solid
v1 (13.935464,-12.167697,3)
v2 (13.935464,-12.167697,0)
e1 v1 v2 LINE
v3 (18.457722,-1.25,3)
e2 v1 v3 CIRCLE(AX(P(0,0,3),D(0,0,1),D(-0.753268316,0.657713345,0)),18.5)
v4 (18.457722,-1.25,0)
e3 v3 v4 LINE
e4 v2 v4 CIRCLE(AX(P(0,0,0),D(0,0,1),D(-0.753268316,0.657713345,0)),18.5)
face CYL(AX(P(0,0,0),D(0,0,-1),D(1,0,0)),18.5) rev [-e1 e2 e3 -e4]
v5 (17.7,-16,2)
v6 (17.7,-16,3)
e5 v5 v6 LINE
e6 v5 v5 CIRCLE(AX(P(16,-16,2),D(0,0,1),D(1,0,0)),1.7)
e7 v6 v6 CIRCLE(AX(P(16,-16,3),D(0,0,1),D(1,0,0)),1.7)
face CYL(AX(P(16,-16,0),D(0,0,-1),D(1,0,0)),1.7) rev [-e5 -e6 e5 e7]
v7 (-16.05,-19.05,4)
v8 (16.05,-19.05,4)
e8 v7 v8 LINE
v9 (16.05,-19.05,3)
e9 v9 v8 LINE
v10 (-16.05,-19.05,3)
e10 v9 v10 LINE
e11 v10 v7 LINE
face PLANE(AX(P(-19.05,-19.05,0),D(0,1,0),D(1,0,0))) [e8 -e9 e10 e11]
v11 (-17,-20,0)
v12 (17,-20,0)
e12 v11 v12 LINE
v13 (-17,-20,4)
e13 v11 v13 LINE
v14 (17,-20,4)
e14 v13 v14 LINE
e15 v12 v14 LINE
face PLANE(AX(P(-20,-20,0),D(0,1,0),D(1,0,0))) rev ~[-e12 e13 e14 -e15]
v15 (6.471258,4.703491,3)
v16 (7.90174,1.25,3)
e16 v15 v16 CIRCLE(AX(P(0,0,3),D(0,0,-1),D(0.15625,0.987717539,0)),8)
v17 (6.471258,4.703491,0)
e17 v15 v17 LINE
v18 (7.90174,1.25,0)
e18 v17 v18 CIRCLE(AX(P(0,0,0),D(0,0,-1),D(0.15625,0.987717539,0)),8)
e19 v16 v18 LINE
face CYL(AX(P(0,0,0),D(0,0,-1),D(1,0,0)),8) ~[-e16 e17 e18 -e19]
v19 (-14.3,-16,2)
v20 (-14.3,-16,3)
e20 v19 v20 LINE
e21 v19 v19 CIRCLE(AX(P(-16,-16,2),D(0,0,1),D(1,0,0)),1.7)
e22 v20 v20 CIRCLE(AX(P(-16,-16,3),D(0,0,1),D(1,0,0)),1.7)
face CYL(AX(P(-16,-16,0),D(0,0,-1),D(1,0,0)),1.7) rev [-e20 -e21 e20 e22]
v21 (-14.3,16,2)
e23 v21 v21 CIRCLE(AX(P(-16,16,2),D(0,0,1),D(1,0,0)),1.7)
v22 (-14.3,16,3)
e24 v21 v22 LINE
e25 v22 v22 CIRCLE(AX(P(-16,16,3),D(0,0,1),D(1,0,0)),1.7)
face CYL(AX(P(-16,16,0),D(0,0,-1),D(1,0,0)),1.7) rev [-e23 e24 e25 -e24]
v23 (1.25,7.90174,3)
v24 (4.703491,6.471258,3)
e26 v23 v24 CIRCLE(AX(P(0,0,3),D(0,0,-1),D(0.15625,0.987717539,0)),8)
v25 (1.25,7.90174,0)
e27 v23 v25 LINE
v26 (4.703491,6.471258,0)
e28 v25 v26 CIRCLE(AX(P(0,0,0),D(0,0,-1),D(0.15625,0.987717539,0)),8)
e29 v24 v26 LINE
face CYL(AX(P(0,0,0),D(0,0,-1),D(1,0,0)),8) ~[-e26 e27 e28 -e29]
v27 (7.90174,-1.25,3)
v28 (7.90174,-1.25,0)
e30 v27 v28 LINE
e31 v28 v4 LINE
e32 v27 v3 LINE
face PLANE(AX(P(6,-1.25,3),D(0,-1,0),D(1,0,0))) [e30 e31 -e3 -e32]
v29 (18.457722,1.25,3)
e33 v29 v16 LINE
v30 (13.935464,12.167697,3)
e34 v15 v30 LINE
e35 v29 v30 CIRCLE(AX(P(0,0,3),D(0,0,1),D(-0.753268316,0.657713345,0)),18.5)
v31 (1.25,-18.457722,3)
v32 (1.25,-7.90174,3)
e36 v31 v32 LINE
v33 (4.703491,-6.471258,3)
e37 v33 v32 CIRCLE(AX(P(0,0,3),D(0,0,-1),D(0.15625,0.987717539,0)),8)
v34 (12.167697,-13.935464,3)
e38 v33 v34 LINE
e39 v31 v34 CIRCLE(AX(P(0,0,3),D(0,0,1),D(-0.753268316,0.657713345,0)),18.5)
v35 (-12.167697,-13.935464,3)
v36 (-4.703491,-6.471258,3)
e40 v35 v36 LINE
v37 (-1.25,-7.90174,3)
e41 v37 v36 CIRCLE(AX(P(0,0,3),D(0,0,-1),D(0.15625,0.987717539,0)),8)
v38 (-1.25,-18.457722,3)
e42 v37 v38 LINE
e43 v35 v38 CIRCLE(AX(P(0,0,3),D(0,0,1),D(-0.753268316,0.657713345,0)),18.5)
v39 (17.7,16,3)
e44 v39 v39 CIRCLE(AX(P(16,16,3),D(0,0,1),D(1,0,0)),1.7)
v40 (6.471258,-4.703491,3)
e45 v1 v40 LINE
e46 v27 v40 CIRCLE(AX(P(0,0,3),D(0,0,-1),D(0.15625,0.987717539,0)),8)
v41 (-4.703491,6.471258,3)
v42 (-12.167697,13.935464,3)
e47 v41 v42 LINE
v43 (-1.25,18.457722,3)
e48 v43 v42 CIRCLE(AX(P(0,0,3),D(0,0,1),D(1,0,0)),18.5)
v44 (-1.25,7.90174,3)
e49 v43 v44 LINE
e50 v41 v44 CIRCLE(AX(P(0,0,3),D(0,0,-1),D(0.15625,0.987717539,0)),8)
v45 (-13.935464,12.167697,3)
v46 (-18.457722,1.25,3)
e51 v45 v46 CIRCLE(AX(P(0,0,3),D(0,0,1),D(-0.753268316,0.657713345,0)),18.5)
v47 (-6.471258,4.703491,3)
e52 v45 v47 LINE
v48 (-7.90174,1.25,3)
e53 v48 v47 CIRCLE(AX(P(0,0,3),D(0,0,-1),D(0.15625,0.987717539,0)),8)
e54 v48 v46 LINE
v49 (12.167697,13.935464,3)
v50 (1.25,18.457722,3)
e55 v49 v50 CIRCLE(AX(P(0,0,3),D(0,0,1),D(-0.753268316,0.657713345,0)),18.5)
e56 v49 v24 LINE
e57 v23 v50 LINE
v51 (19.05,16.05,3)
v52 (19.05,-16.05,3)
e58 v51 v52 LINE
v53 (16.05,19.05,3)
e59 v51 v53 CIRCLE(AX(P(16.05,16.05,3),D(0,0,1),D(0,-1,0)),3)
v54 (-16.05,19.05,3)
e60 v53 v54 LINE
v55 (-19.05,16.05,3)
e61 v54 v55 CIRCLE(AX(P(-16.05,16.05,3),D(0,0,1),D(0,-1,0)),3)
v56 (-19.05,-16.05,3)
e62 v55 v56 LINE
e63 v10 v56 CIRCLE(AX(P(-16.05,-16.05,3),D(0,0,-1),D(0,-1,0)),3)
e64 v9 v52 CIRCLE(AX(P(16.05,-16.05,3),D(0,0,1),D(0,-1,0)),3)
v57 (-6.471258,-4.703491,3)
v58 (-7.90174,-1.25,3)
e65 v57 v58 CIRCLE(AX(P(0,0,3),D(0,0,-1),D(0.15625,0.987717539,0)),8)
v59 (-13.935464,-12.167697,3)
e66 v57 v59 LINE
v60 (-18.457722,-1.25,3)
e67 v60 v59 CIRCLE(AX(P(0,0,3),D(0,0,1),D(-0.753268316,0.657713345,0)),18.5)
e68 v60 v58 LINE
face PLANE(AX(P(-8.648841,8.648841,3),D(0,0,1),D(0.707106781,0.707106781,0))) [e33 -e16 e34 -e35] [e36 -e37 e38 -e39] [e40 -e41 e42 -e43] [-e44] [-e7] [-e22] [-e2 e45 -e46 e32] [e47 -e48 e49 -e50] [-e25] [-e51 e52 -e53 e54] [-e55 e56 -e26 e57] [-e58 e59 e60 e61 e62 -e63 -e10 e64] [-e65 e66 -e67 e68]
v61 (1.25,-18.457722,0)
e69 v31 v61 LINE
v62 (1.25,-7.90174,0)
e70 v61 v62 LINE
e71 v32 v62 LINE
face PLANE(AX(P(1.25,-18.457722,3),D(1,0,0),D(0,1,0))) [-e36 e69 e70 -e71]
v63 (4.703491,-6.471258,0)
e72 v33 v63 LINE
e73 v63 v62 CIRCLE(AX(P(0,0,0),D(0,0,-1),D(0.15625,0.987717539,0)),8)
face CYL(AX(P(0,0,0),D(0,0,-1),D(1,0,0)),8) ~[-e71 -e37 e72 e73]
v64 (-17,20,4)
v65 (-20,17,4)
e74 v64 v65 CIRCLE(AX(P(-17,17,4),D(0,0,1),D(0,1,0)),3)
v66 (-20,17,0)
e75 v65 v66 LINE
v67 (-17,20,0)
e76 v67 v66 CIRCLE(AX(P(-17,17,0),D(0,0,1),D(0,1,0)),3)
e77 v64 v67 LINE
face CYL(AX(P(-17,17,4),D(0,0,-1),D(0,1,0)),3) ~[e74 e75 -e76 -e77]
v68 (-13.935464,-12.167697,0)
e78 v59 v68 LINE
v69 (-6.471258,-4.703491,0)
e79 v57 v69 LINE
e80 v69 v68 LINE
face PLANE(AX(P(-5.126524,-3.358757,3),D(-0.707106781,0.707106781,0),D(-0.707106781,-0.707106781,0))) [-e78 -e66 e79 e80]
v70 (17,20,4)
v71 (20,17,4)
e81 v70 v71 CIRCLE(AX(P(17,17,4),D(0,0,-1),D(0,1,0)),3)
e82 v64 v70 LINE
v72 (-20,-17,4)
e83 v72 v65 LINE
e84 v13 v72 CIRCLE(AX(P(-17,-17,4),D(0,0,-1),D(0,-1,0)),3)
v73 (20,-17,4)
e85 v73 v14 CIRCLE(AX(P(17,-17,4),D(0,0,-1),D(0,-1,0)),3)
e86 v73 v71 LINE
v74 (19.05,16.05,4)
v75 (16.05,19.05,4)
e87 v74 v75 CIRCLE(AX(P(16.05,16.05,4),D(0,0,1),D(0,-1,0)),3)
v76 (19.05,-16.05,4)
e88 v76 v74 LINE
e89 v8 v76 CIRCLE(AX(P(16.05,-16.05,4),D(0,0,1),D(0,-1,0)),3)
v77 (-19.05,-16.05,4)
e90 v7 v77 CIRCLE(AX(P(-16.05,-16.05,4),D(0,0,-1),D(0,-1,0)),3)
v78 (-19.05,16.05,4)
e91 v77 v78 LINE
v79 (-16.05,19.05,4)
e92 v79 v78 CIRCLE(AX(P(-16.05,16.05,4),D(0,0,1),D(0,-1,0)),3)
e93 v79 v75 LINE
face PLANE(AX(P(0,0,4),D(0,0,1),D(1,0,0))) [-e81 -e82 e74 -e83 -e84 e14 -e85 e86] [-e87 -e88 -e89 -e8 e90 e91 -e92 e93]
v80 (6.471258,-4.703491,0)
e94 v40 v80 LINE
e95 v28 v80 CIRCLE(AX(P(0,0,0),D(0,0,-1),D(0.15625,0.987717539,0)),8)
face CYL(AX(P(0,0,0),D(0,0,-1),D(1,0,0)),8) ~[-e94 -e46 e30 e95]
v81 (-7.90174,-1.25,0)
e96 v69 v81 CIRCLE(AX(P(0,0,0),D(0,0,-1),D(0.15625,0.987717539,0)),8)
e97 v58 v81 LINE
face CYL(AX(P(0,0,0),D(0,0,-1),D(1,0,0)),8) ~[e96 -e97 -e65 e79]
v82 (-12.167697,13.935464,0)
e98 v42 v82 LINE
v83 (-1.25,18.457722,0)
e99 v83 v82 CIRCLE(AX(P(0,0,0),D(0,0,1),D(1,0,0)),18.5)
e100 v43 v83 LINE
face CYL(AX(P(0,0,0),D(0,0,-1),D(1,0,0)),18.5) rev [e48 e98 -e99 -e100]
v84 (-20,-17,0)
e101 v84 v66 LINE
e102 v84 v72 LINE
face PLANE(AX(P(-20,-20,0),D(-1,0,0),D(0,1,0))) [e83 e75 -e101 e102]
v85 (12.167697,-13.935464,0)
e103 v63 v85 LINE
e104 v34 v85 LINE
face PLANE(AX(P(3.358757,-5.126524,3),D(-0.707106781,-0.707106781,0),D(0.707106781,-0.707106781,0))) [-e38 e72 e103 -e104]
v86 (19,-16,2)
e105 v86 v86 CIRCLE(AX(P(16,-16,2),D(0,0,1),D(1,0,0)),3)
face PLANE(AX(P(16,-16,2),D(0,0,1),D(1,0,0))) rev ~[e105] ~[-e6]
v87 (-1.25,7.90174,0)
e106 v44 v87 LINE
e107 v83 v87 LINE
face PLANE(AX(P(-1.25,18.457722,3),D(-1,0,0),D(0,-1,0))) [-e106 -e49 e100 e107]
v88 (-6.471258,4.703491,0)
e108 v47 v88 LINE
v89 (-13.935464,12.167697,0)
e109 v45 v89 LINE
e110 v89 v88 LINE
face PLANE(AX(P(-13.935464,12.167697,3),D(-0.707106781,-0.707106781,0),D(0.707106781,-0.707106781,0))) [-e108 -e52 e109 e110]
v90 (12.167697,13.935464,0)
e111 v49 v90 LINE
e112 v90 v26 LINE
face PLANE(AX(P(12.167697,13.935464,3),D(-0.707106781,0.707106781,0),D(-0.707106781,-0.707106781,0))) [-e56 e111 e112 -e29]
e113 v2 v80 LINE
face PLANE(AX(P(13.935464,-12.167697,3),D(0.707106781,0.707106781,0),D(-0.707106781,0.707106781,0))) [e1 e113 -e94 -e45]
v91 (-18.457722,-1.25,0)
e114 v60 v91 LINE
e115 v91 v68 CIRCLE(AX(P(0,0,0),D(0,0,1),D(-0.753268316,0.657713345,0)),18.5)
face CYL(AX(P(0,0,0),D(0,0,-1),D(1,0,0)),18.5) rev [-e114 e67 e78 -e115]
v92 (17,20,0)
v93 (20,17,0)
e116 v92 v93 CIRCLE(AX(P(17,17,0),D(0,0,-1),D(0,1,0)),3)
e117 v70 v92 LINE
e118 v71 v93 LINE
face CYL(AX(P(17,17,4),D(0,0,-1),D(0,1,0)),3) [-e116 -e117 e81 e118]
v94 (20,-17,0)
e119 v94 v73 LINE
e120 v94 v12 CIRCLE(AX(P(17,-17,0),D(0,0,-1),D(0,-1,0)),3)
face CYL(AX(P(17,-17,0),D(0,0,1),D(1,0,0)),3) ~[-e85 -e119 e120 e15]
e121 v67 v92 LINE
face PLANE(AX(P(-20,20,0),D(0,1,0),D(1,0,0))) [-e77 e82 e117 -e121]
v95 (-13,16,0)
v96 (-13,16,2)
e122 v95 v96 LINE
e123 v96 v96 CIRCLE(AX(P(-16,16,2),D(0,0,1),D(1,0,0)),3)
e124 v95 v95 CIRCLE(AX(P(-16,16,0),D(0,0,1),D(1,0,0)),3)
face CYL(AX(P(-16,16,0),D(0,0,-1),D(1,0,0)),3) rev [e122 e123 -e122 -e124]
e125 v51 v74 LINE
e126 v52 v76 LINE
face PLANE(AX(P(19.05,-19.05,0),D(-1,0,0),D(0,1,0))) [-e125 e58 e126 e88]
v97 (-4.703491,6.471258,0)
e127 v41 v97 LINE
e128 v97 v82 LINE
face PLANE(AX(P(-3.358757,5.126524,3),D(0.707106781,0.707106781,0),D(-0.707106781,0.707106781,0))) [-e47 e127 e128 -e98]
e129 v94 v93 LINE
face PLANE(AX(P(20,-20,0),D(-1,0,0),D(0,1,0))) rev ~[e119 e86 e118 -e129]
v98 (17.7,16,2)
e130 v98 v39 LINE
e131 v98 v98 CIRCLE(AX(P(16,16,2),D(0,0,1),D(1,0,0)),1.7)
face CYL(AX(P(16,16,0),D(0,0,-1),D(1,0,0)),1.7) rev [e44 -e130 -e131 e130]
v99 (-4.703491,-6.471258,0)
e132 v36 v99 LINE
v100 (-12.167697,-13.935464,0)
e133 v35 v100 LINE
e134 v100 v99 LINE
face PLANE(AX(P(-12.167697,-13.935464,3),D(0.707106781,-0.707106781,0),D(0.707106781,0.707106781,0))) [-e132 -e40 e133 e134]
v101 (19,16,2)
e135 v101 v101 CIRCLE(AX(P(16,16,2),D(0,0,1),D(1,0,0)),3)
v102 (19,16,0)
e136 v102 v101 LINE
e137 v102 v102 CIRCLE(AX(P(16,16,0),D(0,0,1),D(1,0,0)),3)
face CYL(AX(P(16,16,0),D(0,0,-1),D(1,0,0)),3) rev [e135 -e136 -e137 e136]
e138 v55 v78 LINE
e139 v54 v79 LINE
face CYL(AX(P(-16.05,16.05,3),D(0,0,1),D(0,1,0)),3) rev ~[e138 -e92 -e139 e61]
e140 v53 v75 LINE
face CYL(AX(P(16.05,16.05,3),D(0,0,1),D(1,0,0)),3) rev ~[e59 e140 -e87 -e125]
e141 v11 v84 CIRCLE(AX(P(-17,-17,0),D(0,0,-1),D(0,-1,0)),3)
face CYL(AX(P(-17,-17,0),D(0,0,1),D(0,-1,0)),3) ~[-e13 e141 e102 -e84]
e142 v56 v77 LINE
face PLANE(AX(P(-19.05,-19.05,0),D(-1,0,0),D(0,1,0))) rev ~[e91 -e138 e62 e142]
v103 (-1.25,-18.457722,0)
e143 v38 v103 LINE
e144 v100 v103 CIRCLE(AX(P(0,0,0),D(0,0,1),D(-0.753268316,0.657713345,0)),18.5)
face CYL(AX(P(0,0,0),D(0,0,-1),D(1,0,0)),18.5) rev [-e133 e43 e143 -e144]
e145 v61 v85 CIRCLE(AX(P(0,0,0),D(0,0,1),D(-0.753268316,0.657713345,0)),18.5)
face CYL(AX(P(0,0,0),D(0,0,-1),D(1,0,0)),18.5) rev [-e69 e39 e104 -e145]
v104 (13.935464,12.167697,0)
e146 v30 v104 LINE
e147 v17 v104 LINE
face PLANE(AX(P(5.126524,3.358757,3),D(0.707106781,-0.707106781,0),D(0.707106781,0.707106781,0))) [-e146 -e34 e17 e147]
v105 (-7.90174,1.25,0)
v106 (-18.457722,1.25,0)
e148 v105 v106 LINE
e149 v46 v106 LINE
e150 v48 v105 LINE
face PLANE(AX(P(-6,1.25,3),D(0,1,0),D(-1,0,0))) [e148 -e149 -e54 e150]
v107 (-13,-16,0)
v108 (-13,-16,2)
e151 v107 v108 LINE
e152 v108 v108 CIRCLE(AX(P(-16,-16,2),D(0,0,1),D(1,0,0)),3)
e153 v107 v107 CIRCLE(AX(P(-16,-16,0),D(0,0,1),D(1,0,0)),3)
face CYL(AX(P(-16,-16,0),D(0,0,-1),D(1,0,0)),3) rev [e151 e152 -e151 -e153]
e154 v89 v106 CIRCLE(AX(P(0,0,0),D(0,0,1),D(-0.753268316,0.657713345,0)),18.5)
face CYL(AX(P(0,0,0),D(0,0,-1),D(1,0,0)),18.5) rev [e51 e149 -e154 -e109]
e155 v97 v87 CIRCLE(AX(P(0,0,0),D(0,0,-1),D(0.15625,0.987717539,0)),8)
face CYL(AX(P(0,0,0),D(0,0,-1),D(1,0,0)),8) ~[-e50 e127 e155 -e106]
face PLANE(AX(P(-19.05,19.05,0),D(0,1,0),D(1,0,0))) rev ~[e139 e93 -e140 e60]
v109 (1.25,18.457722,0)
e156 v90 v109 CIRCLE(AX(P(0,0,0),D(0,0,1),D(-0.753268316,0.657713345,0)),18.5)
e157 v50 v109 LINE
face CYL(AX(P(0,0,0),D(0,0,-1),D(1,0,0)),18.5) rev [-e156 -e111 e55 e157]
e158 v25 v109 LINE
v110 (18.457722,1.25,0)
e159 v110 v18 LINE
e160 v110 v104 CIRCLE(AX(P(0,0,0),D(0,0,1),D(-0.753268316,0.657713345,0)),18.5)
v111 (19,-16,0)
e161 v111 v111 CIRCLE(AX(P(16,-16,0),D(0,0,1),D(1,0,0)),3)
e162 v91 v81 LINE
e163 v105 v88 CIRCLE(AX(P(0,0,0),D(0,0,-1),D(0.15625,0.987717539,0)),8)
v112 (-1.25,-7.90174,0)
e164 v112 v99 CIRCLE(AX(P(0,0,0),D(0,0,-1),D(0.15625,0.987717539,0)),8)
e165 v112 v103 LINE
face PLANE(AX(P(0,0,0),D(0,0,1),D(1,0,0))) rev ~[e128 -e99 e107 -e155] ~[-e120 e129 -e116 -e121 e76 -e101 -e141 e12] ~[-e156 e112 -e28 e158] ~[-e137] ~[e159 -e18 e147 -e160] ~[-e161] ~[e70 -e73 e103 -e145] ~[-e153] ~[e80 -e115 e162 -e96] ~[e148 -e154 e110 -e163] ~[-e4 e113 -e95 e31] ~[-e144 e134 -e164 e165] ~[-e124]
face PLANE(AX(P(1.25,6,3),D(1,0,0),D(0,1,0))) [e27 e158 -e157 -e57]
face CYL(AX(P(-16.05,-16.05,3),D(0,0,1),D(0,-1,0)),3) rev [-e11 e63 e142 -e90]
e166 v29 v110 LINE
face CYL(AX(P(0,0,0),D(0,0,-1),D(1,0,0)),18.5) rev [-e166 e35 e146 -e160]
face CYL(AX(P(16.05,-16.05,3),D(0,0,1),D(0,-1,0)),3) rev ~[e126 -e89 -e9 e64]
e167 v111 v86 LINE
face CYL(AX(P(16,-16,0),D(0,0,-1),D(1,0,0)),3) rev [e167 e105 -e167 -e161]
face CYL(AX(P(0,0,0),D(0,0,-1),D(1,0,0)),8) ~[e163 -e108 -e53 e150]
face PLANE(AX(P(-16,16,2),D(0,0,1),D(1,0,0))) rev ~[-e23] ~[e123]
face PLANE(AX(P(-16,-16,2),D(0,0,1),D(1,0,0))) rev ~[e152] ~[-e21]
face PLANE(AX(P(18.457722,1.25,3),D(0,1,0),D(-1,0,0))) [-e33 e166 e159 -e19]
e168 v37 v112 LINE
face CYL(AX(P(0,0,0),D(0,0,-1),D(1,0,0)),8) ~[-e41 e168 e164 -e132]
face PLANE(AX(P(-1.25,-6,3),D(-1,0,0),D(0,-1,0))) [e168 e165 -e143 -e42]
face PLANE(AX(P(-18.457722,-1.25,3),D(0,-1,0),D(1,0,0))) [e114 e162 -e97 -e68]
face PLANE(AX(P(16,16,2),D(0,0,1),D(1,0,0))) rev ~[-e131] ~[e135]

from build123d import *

# Parameters (mm, degrees)
F0_W     = 40
F0_H     = 40
F0_W_2   = 38.1
F0_H_2   = 38.1
F0_R     = 3
F0_R_2   = 18.5
F0_R_3   = 1.7
F1_DEPTH = 3
F0_R_4   = 8
F3_DEPTH = 3
F5_COUNT = 8
F6_DEPTH = 2
F7_DEPTH = 4
F8_R     = 3
F9_R     = 3


with BuildPart() as f1:
    # F0 (on Top) → F1 (new body)
    with BuildSketch(Plane.XY):
        Rectangle(F0_W, F0_H)
        Rectangle(F0_W_2, F0_H_2, mode=Mode.SUBTRACT)
        Rectangle(F0_W_2, F0_H_2)
        with Locations((-16, -16)):
            Circle(F0_R, mode=Mode.SUBTRACT)
        with Locations((16, -16)):
            Circle(F0_R, mode=Mode.SUBTRACT)
        with Locations((-16, 16)):
            Circle(F0_R, mode=Mode.SUBTRACT)
        Circle(F0_R_2, mode=Mode.SUBTRACT)
        with Locations((16, 16)):
            Circle(F0_R, mode=Mode.SUBTRACT)
        with Locations((-16, 16)):
            Circle(F0_R)
        with Locations((-16, 16)):
            Circle(F0_R_3, mode=Mode.SUBTRACT)
        with Locations((-16, -16)):
            Circle(F0_R)
        with Locations((-16, -16)):
            Circle(F0_R_3, mode=Mode.SUBTRACT)
        with Locations((16, -16)):
            Circle(F0_R)
        with Locations((16, -16)):
            Circle(F0_R_3, mode=Mode.SUBTRACT)
        with Locations((16, 16)):
            Circle(F0_R)
        with Locations((16, 16)):
            Circle(F0_R_3, mode=Mode.SUBTRACT)
    extrude(amount=F1_DEPTH)

    # F0 (on Top) → F6 (cut)
    with BuildSketch(Plane.XY):
        with Locations((16, -16)):
            Circle(F0_R)
        with Locations((16, -16)):
            Circle(F0_R_3, mode=Mode.SUBTRACT)
        with Locations((-16, -16)):
            Circle(F0_R)
        with Locations((-16, -16)):
            Circle(F0_R_3, mode=Mode.SUBTRACT)
        with Locations((-16, 16)):
            Circle(F0_R)
        with Locations((-16, 16)):
            Circle(F0_R_3, mode=Mode.SUBTRACT)
        with Locations((16, 16)):
            Circle(F0_R)
        with Locations((16, 16)):
            Circle(F0_R_3, mode=Mode.SUBTRACT)
    extrude(amount=F6_DEPTH, mode=Mode.SUBTRACT)



with BuildPart() as f1b:
    # F0 (on Top) → F1, piece 2 (new body)
    with BuildSketch(Plane.XY):
        Circle(F0_R_4)
    extrude(amount=F1_DEPTH)


with BuildPart() as f3:
    # F2 (on face) → F3 (new body)
    with BuildSketch(Plane.XY.offset(3)):
        with BuildLine():
            Line((1.25, 6), (1.25, 18.4577219613))
            ThreePointArc((1.25, 18.4577219613), (0, 18.5), (-1.25, 18.4577219613))
            Line((-1.25, 18.4577219613), (-1.25, 6))
            Line((-1.25, 6), (1.25, 6))
        make_face()
    extrude(amount=-F3_DEPTH)


with BuildPart() as f5_1:
    # F5: instance of F3
    add(f3.part.rotate(Axis((0, 0, 1.5), (0, 0, 1)), 1 * 360 / F5_COUNT))


with BuildPart() as f5_2:
    # F5: instance of F3
    add(f3.part.rotate(Axis((0, 0, 1.5), (0, 0, 1)), 2 * 360 / F5_COUNT))


with BuildPart() as f5_3:
    # F5: instance of F3
    add(f3.part.rotate(Axis((0, 0, 1.5), (0, 0, 1)), 3 * 360 / F5_COUNT))


with BuildPart() as f5_4:
    # F5: instance of F3
    add(f3.part.rotate(Axis((0, 0, 1.5), (0, 0, 1)), 4 * 360 / F5_COUNT))


with BuildPart() as f5_5:
    # F5: instance of F3
    add(f3.part.rotate(Axis((0, 0, 1.5), (0, 0, 1)), 5 * 360 / F5_COUNT))


with BuildPart() as f5_6:
    # F5: instance of F3
    add(f3.part.rotate(Axis((0, 0, 1.5), (0, 0, 1)), 6 * 360 / F5_COUNT))


with BuildPart() as f5_7:
    # F5: instance of F3
    add(f3.part.rotate(Axis((0, 0, 1.5), (0, 0, 1)), 7 * 360 / F5_COUNT))


with BuildPart() as f1_1:
    add(f1.part)

    add(f1b.part)  # F7 merges F1b

    add(f3.part)  # F7 merges F3

    add(f5_1.part)  # F7 merges F5_1

    add(f5_2.part)  # F7 merges F5_2

    add(f5_3.part)  # F7 merges F5_3

    add(f5_4.part)  # F7 merges F5_4

    add(f5_5.part)  # F7 merges F5_5

    add(f5_6.part)  # F7 merges F5_6

    add(f5_7.part)  # F7 merges F5_7
    # F0 (on Top) → F7 (join)
    with BuildSketch(Plane.XY):
        Rectangle(F0_W, F0_H)
        Rectangle(F0_W_2, F0_H_2, mode=Mode.SUBTRACT)
    extrude(amount=F7_DEPTH)

    # F8
    f8_edges = [f1_1.edges().sort_by_distance(p)[0] for p in [
        (-20, -20, 2),
        (20, -20, 2),
        (20, 20, 2),
        (-20, 20, 2),
    ]]
    fillet(f8_edges, radius=F8_R)

    # F9
    f9_edges = [f1_1.edges().sort_by_distance(p)[0] for p in [
        (-19.05, -19.05, 3.5),
        (-19.05, 19.05, 3.5),
        (19.05, 19.05, 3.5),
        (19.05, -19.05, 3.5),
    ]]
    fillet(f9_edges, radius=F9_R)


solid = f1_1.part
